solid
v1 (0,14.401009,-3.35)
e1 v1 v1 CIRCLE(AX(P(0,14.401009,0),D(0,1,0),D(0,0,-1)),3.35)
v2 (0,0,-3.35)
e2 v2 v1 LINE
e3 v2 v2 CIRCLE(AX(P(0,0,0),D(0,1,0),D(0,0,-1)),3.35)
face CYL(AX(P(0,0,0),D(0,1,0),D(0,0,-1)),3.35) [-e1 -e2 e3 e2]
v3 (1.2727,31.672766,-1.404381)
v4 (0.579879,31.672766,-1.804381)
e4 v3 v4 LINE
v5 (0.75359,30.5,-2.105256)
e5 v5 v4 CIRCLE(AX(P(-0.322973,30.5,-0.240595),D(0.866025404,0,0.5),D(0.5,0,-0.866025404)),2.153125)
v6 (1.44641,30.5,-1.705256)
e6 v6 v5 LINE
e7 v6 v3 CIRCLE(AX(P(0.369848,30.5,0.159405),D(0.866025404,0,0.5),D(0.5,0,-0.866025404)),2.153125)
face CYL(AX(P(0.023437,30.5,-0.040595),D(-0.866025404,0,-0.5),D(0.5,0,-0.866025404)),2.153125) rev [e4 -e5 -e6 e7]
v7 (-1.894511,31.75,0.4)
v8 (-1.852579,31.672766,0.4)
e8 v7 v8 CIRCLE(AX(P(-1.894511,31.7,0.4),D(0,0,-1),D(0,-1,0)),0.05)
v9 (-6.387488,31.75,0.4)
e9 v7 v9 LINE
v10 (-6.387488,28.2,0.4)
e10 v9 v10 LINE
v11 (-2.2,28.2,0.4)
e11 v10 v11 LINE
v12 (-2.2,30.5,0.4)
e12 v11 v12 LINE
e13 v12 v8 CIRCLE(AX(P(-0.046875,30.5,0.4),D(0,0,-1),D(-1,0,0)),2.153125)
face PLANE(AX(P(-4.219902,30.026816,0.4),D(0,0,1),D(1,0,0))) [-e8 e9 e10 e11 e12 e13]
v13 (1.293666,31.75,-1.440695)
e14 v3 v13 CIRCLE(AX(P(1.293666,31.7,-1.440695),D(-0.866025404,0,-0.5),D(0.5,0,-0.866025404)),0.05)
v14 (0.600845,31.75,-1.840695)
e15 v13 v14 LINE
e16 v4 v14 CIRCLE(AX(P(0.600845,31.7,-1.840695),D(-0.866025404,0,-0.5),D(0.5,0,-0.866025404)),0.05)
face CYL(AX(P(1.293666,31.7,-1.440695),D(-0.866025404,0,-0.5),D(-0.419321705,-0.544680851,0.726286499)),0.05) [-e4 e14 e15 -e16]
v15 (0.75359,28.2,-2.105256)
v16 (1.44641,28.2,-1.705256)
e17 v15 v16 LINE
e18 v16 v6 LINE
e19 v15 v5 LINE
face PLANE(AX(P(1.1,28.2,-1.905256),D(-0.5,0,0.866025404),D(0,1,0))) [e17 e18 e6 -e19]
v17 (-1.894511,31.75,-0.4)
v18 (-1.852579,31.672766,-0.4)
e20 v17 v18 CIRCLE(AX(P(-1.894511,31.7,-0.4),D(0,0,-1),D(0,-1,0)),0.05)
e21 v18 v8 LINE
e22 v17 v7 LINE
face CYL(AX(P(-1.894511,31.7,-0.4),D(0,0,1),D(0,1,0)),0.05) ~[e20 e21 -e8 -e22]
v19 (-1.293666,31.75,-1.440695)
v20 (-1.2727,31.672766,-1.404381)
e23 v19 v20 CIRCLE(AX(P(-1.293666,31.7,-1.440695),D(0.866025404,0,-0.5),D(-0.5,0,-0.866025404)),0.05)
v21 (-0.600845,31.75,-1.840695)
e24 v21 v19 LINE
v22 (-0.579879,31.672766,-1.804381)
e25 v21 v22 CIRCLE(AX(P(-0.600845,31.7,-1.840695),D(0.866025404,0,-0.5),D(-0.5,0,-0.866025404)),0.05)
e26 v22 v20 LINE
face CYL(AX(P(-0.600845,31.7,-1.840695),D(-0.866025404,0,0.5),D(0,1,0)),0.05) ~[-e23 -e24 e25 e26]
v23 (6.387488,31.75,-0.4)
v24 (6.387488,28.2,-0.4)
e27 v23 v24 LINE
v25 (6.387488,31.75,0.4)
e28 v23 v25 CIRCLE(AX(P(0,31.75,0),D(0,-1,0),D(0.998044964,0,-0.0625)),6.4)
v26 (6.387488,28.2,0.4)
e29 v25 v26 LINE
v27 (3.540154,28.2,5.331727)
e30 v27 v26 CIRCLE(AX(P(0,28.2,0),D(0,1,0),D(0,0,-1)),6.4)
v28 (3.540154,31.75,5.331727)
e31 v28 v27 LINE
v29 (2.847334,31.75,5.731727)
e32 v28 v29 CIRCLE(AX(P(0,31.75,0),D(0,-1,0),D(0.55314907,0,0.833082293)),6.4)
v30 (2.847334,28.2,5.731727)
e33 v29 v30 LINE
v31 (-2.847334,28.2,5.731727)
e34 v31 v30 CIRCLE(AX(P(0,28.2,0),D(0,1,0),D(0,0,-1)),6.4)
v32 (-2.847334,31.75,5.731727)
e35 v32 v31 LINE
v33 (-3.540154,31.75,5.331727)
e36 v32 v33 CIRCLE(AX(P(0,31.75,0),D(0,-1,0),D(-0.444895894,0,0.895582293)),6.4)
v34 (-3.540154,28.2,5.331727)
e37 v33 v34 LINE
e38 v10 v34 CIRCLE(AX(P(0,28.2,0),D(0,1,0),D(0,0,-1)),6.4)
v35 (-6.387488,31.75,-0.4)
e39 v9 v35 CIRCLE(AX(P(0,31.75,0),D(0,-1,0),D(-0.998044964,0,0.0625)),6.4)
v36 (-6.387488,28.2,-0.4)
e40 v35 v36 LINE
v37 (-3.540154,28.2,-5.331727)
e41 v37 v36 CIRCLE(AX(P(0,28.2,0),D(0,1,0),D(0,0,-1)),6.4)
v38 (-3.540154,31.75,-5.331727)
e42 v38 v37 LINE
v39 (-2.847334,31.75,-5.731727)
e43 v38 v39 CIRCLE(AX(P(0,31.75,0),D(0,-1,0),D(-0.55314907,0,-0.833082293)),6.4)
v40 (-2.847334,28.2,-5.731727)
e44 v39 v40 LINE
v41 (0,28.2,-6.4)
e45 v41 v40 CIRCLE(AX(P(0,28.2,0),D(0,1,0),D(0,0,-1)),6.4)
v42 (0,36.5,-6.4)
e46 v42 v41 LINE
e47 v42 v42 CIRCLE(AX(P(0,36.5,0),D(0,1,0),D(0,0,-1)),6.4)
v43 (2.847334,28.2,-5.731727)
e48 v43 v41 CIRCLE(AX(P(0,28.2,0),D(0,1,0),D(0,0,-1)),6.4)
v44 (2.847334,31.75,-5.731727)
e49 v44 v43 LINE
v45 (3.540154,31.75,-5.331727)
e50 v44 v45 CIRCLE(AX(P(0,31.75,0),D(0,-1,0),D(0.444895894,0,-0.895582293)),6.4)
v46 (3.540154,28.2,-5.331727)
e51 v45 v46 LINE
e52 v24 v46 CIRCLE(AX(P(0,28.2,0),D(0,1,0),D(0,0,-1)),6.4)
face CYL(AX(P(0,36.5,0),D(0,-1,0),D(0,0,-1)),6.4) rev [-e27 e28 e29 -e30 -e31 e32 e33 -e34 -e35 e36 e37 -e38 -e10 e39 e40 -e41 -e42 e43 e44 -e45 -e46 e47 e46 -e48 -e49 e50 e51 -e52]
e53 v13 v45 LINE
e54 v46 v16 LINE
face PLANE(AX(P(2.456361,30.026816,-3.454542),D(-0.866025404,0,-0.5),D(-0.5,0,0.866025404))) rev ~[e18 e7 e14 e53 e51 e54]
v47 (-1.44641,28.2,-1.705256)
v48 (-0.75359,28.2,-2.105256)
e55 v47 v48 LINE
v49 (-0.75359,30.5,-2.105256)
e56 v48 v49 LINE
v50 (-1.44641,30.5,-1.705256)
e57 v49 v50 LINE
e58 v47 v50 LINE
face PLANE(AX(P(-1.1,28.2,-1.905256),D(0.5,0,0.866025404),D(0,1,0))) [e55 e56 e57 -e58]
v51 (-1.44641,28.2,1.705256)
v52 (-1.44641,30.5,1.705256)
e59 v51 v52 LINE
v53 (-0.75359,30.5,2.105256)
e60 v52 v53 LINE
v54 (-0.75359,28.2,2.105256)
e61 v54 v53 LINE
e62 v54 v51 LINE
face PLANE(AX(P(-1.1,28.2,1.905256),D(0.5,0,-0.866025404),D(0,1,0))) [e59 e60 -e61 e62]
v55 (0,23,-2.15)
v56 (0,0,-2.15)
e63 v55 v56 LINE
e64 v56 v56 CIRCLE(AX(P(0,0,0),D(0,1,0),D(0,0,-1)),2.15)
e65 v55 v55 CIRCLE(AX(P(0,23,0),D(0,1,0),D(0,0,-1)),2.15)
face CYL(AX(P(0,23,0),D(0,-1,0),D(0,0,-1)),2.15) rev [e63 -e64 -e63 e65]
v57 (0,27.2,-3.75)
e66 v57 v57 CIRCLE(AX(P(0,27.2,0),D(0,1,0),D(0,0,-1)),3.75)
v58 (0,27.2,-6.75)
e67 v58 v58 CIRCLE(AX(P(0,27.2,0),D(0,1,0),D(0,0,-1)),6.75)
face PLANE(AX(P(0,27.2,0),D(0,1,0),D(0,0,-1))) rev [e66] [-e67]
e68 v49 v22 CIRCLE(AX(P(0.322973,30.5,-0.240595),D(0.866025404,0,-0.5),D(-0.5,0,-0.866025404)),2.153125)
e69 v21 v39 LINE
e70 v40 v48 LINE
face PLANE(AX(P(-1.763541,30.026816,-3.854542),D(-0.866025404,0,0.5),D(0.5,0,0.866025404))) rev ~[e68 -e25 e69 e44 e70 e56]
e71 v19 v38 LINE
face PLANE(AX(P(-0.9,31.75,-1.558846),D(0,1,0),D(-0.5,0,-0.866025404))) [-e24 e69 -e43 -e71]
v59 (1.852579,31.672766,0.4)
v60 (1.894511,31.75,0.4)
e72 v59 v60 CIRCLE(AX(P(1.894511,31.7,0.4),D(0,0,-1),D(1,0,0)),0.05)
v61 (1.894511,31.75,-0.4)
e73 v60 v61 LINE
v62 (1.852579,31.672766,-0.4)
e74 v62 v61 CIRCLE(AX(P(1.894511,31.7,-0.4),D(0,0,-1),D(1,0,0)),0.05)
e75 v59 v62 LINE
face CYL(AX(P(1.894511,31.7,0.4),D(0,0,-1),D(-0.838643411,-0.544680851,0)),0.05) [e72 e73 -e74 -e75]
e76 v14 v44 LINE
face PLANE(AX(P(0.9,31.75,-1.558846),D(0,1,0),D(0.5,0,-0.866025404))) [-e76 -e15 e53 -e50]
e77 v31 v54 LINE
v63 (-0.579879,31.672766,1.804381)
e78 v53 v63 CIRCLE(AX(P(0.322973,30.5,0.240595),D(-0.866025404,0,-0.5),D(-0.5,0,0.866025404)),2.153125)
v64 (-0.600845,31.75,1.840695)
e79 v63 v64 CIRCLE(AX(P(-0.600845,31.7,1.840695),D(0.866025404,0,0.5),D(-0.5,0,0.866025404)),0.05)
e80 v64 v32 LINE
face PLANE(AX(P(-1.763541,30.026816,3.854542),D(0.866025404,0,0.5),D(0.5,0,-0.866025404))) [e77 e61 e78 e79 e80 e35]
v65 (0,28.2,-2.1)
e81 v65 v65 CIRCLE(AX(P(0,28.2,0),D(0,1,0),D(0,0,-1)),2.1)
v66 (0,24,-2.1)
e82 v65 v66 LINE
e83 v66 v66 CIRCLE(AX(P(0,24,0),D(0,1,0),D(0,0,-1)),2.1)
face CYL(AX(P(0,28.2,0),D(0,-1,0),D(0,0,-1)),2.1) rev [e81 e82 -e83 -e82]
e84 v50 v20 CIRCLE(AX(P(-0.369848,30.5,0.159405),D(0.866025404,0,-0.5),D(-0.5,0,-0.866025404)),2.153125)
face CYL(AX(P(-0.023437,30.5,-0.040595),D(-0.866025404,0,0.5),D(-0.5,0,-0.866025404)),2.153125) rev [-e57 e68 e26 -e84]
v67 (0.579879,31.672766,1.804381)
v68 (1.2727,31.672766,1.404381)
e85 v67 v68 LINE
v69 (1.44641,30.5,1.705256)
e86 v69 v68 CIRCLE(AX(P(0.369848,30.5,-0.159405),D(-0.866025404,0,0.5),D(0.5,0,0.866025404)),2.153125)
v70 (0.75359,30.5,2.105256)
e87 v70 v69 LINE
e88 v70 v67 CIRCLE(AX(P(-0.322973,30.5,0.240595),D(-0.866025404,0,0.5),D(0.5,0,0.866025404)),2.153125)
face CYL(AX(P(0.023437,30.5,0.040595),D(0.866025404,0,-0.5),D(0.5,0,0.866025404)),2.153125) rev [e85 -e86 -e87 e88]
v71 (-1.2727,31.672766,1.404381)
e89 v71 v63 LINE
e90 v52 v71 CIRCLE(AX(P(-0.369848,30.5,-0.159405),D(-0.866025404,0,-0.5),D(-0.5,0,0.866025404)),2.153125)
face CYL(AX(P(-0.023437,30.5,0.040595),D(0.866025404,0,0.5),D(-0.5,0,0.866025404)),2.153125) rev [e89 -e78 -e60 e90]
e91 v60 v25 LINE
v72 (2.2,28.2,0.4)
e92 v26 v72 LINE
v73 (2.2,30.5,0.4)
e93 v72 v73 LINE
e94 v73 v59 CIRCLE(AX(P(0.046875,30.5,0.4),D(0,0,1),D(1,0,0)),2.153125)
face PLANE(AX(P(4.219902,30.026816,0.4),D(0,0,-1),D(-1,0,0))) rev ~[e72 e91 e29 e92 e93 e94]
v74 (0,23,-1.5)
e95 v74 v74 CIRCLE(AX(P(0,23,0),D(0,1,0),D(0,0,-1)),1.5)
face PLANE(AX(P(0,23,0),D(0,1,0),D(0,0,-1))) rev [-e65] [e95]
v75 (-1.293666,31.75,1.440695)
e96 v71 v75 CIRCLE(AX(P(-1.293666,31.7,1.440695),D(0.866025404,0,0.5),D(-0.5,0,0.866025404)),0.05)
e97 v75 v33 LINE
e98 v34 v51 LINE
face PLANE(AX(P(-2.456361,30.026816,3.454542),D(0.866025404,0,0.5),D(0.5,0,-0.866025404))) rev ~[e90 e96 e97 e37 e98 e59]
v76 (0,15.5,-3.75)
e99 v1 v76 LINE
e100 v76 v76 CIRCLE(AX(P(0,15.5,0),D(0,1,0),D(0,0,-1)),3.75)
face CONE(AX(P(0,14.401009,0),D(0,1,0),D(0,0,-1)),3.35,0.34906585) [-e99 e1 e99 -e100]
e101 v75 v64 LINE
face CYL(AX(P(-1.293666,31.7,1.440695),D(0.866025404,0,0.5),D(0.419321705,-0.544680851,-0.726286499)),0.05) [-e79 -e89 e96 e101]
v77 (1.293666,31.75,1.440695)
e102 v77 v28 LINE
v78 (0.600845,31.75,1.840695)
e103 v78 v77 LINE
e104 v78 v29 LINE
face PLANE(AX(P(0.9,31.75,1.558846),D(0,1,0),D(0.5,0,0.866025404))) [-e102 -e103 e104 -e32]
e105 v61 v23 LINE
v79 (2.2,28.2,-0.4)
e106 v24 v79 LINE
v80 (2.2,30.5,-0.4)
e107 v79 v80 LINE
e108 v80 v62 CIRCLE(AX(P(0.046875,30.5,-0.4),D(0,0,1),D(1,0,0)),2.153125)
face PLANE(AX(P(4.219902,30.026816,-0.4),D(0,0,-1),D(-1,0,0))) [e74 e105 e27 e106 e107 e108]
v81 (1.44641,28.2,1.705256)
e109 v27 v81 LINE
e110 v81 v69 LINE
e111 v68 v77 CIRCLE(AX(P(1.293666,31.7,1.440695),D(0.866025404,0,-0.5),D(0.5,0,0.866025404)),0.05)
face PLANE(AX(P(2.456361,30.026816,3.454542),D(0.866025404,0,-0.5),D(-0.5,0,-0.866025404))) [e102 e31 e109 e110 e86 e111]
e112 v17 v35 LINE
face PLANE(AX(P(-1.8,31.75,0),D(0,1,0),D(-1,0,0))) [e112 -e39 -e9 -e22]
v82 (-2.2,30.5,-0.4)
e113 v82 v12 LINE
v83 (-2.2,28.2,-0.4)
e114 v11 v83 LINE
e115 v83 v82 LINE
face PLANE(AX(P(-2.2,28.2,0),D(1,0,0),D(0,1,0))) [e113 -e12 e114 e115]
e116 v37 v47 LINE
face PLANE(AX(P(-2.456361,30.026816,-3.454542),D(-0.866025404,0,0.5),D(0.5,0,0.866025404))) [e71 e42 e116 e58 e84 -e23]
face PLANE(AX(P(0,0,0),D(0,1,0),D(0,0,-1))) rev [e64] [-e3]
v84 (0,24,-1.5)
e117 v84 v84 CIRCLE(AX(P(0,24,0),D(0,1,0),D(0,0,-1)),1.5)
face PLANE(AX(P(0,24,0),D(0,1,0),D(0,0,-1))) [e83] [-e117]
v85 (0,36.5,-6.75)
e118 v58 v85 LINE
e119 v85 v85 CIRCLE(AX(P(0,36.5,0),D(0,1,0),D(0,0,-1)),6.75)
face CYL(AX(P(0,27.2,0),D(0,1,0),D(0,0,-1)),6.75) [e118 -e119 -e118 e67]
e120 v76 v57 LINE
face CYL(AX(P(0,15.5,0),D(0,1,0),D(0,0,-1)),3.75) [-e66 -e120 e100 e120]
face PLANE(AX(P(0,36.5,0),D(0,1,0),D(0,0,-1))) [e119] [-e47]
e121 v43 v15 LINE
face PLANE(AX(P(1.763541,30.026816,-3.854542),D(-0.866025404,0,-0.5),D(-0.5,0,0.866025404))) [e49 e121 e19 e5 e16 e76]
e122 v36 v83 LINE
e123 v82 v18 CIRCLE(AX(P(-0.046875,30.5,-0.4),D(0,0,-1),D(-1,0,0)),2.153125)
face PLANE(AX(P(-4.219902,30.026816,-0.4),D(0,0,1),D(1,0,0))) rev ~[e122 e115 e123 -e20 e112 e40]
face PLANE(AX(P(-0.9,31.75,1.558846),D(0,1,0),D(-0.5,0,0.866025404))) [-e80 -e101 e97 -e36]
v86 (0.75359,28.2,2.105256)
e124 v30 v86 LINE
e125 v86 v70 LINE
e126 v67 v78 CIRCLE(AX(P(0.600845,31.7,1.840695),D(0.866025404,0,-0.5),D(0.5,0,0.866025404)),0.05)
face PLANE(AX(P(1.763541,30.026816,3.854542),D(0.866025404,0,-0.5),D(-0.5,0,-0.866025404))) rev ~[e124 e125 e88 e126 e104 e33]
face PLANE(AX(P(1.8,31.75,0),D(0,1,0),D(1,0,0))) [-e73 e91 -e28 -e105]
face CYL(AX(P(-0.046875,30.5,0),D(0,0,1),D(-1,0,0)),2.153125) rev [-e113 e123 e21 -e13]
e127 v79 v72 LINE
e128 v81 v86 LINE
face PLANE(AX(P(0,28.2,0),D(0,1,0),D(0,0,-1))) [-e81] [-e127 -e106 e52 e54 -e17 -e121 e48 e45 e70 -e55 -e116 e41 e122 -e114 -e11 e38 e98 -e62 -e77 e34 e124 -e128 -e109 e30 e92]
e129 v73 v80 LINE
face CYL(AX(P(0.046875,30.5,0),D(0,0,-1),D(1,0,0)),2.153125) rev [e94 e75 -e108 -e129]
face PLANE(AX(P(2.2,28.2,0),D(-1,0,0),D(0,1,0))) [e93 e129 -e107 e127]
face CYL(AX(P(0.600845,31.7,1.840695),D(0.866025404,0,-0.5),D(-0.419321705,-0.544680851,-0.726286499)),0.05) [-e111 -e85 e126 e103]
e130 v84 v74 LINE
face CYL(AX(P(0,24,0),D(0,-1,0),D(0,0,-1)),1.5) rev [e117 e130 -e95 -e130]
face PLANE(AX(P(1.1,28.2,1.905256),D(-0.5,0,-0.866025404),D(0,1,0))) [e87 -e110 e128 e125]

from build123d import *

# Parameters (mm, degrees)
BOSS_EXTRUDE1_DEPTH      = 0.4
FILLET1_R                = 0.05
CIRPATTERN1_COUNT        = 6
FILLET1_OF_CIRPATTERN1_R = 0.05


with BuildPart() as part:
    # Sketch1 → Revolve1 (revolve)
    with BuildSketch(Plane.XY):
        Polygon((-6.4, 36.5), (-6.4, 28.2), (-2.1, 28.2), (-2.1, 24), (-1.5, 24), (-1.5, 23), (-2.15, 23), (-2.15, 0), (-3.35, 0), (-3.35, 14.401009032), (-3.75, 15.5), (-3.75, 27.2), (-6.75, 27.2), (-6.75, 36.5), align=None)
    revolve(axis=Axis((0, 0, 0), (0, 1, 0)))

    # Sketch3 → Boss-Extrude1 (add, symmetric)
    with BuildSketch(Plane.XY):
        with BuildLine():
            Line((-6.4, 31.75), (-6.4, 28.2))
            Line((-6.4, 28.2), (-2.2, 28.2))
            Line((-2.2, 28.2), (-2.2, 30.5))
            ThreePointArc((-2.2, 30.5), (-2.097563242, 31.156220237), (-1.8, 31.75))
            Line((-1.8, 31.75), (-6.4, 31.75))
        make_face()
    boss_extrude1 = extrude(amount=BOSS_EXTRUDE1_DEPTH, both=True)

    # Fillet1
    fillet1_edges = [part.edges().sort_by_distance(p)[0] for p in [
        (-1.8, 31.75, 0),
    ]]
    fillet(fillet1_edges, radius=FILLET1_R)

    # CirPattern1: Boss-Extrude1 ×6 about axis
    cirpattern1_axis = Axis((0, 0, 0), (0, 1, 0))
    for i in range(1, CIRPATTERN1_COUNT):
        add(boss_extrude1.rotate(cirpattern1_axis, i * 360 / CIRPATTERN1_COUNT))

    # Fillet1 of CirPattern1
    fillet1_of_cirpattern1_edges = [part.edges().sort_by_distance(p)[0] for p in [
        (-0.9, 31.75, 1.558845727),
        (0.9, 31.75, 1.558845727),
        (1.8, 31.75, 0),
        (0.9, 31.75, -1.558845727),
        (-0.9, 31.75, -1.558845727),
    ]]
    fillet(fillet1_of_cirpattern1_edges, radius=FILLET1_OF_CIRPATTERN1_R)


solid = part.part
